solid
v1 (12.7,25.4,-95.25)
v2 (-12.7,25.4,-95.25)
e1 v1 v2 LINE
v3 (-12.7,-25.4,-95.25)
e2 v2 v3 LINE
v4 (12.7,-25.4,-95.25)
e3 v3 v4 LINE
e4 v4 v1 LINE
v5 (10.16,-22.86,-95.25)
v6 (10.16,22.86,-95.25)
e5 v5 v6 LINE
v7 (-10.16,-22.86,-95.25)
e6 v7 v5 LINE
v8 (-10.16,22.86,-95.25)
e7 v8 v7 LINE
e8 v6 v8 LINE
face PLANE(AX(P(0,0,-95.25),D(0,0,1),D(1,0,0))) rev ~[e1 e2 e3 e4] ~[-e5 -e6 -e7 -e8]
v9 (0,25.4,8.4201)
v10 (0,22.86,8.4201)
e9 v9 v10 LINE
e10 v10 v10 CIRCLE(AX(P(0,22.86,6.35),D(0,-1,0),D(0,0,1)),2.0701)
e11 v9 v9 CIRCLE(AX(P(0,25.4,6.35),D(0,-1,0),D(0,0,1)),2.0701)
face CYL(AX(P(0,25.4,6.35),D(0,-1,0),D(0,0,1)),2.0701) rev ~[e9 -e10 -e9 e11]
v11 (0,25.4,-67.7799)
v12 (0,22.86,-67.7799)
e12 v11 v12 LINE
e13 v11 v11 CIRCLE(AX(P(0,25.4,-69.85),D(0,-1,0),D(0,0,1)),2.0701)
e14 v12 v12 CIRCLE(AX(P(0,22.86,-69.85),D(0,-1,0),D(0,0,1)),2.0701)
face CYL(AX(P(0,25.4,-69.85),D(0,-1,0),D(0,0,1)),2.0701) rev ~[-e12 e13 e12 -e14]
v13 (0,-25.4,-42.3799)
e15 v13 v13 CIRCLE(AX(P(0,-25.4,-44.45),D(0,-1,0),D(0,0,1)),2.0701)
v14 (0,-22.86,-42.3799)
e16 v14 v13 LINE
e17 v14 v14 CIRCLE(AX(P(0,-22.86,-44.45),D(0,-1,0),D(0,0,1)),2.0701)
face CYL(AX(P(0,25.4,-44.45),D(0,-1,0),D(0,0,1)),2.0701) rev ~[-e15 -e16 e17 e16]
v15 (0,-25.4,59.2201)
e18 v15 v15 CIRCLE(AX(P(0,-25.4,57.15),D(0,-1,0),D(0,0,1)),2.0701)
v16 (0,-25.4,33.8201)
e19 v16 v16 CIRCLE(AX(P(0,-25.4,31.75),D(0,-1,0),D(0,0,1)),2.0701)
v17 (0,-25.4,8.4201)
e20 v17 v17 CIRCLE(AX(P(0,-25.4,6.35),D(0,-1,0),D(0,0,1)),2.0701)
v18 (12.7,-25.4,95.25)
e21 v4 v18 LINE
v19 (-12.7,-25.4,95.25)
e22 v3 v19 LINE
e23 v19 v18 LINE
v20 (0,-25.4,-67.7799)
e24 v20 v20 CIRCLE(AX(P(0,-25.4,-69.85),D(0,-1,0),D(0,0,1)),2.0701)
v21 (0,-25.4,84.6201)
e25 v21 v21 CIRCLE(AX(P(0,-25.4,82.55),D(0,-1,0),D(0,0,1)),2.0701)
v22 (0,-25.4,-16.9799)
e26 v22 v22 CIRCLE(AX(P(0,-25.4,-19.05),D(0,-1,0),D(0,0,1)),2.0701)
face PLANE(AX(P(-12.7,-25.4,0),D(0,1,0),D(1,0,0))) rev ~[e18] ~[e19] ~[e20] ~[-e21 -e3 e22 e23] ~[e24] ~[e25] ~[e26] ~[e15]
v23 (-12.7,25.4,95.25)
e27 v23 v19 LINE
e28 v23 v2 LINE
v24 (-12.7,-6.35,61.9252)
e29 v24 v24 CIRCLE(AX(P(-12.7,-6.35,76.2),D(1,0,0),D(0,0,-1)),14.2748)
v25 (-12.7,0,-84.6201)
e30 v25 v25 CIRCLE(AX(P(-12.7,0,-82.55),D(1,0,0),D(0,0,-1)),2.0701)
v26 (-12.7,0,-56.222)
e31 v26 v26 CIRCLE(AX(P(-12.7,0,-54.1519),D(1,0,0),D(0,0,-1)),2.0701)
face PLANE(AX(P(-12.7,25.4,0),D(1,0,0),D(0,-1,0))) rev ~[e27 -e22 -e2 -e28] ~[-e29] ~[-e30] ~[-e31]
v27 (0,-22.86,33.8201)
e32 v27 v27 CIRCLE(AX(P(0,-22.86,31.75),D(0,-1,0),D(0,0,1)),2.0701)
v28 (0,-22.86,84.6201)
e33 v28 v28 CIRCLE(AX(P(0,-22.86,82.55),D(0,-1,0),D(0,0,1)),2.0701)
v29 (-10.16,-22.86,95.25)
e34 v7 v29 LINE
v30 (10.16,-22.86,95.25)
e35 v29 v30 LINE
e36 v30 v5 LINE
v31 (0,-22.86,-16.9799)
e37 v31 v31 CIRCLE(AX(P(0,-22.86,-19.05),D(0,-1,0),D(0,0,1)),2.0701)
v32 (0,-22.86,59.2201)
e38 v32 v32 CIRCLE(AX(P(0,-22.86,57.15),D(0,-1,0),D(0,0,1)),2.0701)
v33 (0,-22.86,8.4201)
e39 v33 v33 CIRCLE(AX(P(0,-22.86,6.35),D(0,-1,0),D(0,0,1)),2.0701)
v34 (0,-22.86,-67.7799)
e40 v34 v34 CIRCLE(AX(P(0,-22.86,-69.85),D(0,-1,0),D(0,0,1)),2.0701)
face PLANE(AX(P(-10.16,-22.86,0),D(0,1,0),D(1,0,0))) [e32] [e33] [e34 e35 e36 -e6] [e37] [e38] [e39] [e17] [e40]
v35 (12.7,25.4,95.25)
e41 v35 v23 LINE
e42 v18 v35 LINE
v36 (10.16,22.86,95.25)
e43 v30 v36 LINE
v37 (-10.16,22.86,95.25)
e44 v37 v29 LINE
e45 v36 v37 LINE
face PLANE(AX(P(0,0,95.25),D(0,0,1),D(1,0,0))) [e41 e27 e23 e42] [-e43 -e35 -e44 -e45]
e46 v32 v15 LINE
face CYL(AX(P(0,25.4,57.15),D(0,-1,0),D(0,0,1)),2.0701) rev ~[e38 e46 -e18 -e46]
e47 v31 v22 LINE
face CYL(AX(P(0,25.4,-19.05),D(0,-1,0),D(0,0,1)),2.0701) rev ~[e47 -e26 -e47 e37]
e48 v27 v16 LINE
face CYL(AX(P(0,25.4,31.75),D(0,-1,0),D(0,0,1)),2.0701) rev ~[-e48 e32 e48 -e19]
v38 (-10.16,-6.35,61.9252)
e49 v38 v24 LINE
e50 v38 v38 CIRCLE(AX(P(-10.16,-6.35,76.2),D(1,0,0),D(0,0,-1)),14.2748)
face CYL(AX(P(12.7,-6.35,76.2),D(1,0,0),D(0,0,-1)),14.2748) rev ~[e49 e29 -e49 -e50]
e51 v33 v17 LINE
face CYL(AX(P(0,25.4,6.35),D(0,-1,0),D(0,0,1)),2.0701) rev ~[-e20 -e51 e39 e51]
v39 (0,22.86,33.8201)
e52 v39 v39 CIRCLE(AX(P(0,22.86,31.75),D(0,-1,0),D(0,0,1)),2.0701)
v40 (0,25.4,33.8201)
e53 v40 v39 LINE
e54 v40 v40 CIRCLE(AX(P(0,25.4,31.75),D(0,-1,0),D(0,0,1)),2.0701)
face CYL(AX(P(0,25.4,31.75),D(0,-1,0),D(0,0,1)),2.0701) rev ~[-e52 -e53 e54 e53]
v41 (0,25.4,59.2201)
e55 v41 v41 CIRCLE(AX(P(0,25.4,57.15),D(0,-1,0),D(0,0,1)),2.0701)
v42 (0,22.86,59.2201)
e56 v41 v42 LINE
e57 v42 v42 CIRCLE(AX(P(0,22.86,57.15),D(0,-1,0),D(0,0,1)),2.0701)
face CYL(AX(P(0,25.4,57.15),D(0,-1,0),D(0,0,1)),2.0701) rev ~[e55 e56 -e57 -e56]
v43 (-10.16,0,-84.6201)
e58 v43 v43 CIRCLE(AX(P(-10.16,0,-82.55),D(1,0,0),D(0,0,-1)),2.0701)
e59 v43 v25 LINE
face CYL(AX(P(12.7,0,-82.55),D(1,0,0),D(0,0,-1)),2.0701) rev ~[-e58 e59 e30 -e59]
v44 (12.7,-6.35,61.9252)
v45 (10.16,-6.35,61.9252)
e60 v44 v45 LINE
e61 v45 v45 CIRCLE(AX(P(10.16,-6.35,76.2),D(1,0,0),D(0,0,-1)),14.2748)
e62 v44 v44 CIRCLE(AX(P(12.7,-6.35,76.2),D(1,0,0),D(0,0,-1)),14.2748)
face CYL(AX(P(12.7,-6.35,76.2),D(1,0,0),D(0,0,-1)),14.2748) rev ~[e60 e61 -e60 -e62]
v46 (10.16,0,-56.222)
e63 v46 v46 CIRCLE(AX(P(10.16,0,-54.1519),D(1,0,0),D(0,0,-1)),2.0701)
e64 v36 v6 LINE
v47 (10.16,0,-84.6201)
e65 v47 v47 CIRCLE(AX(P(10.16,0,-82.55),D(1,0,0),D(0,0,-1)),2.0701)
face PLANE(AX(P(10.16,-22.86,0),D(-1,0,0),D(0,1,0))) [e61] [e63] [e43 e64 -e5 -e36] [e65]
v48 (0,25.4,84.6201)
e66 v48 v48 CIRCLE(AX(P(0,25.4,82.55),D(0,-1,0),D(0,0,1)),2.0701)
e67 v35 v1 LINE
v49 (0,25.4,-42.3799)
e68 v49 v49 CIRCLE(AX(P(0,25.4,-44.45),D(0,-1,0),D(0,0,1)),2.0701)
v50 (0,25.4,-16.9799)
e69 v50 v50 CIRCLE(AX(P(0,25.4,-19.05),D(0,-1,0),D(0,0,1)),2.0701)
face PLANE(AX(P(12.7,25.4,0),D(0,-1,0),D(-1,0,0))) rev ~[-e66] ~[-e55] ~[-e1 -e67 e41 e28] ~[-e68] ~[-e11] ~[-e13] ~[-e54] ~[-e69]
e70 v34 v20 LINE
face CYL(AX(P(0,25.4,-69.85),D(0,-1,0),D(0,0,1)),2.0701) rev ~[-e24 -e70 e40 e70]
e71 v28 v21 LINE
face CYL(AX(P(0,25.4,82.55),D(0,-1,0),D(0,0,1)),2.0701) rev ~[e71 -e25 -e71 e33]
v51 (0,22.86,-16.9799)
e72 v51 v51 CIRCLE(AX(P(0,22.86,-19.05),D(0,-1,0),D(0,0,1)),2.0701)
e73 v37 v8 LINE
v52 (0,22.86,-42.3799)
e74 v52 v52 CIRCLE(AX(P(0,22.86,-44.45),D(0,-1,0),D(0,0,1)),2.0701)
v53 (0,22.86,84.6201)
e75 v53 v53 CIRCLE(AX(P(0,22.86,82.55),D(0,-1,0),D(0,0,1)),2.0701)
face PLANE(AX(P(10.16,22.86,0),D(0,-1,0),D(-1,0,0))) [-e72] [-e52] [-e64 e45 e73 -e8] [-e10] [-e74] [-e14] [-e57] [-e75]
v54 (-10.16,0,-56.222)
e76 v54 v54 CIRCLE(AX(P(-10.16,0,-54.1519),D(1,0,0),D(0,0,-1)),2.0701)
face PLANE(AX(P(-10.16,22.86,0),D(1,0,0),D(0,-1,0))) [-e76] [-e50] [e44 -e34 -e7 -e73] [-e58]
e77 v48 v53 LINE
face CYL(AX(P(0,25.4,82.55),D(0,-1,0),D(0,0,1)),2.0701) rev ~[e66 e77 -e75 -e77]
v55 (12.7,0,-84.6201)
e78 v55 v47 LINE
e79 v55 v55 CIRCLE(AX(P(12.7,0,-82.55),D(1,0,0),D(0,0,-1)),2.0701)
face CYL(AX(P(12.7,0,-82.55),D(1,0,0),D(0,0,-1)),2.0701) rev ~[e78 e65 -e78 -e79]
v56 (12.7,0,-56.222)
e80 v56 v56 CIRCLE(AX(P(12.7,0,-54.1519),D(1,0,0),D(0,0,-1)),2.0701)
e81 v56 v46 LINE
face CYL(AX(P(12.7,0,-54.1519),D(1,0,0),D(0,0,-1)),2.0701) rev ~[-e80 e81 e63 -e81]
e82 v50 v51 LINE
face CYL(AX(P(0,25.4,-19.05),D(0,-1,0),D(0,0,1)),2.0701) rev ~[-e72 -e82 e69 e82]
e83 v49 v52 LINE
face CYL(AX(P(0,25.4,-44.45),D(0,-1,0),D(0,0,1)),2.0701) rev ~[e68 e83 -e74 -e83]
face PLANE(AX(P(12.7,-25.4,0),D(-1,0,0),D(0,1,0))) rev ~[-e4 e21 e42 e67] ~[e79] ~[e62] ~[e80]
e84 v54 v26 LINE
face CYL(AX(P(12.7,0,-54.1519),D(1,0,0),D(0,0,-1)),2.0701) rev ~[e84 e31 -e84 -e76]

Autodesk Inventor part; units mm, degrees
ref_plane "YZ Plane" through (0, 0, 0) normal (1, 0, 0) x (0, 1, 0)
ref_plane "XZ Plane" through (0, 0, 0) normal (0, 1, 0) x (-1, 0, 0)
ref_plane "XY Plane" through (0, 0, 0) normal (0, 0, 1) x (1, 0, 0)
sketch "Sketch1" plane through (0, 0, 0) normal (0, 0, 1) x (1, 0, 0)
  line L0 (-12.7, -25.4) -> (12.7, -25.4)
  line L1 (12.7, -25.4) -> (12.7, 25.4)
  line L2 (12.7, 25.4) -> (-12.7, 25.4)
  line L3 (-12.7, 25.4) -> (-12.7, -25.4)
  line L4 (-12.7, -25.4) -> (12.7, 25.4) construction
  line L5 (12.7, -25.4) -> (-12.7, 25.4) construction
  line L6 (-10.16, -22.86) -> (10.16, -22.86)
  line L7 (10.16, -22.86) -> (10.16, 22.86)
  line L8 (10.16, 22.86) -> (-10.16, 22.86)
  line L9 (-10.16, 22.86) -> (-10.16, -22.86)
  line L10 (-10.16, -22.86) -> (10.16, 22.86) construction
  line L11 (10.16, -22.86) -> (-10.16, 22.86) construction
  point P0 (0, 0)
  dimension "d0" = 25.4
  dimension "d1" = 50.8
  dimension "d2" = 20.32
  dimension "d3" = 45.72
extrude "Extrusion1" add sketch "Sketch1" along normal mid plane 190.5
sketch "Sketch2" plane through (-12.7, 25.4, 95.25) normal (0, 1, 0) x (1, 0, 0)
  line L0 (0, 190.5) -> (0, 0) projected
  line L1 (25.4, 0) -> (0, 0) projected
  point P0 (12.7, 95.25)
  point P1 (12.7, 12.7)
  dimension "d6" = 12.7
  dimension "d7" = 12.7
hole "Hole1" at (0, 25.4, 82.55) direction (0, -1, 0) diameter 4.1402 end through all
pattern_linear "Rectangular Pattern1" count 7 spacing 25.4 along (0, 0, -1) of "Hole1"
sketch "Sketch3" plane through (12.7, -25.4, 95.25) normal (1, 0, 0) x (0, 0, -1)
  line L0 (0, 0) -> (0, 50.8) projected
  line L1 (190.5, 0) -> (0, 0) projected
  line L2 (190.5, 50.8) -> (190.5, 0) projected
  circle A0 centre (19.05, 19.05) radius 14.2748
  line L3 (190.5, 50.8) -> (0, 50.8) projected
  circle A1 centre (149.4019, 25.4) radius 2.0701
  circle A2 centre (177.8, 25.4) radius 2.0701
  point P0 (95.25, 25.4)
  dimension "d19" = 19.05
  dimension "d28" = 19.05
  dimension "d32" = 28.5496
  dimension "d35" = 25.4
  dimension "d36" = 12.7
  dimension "d37" = 28.3981
  dimension "d38" = 4.1402
  dimension "d39" = 4.1402
extrude "Extrusion2" cut sketch "Sketch3" against normal through all contours A0 | A1 | A2
properties part number "Diag_intake_hanger"
